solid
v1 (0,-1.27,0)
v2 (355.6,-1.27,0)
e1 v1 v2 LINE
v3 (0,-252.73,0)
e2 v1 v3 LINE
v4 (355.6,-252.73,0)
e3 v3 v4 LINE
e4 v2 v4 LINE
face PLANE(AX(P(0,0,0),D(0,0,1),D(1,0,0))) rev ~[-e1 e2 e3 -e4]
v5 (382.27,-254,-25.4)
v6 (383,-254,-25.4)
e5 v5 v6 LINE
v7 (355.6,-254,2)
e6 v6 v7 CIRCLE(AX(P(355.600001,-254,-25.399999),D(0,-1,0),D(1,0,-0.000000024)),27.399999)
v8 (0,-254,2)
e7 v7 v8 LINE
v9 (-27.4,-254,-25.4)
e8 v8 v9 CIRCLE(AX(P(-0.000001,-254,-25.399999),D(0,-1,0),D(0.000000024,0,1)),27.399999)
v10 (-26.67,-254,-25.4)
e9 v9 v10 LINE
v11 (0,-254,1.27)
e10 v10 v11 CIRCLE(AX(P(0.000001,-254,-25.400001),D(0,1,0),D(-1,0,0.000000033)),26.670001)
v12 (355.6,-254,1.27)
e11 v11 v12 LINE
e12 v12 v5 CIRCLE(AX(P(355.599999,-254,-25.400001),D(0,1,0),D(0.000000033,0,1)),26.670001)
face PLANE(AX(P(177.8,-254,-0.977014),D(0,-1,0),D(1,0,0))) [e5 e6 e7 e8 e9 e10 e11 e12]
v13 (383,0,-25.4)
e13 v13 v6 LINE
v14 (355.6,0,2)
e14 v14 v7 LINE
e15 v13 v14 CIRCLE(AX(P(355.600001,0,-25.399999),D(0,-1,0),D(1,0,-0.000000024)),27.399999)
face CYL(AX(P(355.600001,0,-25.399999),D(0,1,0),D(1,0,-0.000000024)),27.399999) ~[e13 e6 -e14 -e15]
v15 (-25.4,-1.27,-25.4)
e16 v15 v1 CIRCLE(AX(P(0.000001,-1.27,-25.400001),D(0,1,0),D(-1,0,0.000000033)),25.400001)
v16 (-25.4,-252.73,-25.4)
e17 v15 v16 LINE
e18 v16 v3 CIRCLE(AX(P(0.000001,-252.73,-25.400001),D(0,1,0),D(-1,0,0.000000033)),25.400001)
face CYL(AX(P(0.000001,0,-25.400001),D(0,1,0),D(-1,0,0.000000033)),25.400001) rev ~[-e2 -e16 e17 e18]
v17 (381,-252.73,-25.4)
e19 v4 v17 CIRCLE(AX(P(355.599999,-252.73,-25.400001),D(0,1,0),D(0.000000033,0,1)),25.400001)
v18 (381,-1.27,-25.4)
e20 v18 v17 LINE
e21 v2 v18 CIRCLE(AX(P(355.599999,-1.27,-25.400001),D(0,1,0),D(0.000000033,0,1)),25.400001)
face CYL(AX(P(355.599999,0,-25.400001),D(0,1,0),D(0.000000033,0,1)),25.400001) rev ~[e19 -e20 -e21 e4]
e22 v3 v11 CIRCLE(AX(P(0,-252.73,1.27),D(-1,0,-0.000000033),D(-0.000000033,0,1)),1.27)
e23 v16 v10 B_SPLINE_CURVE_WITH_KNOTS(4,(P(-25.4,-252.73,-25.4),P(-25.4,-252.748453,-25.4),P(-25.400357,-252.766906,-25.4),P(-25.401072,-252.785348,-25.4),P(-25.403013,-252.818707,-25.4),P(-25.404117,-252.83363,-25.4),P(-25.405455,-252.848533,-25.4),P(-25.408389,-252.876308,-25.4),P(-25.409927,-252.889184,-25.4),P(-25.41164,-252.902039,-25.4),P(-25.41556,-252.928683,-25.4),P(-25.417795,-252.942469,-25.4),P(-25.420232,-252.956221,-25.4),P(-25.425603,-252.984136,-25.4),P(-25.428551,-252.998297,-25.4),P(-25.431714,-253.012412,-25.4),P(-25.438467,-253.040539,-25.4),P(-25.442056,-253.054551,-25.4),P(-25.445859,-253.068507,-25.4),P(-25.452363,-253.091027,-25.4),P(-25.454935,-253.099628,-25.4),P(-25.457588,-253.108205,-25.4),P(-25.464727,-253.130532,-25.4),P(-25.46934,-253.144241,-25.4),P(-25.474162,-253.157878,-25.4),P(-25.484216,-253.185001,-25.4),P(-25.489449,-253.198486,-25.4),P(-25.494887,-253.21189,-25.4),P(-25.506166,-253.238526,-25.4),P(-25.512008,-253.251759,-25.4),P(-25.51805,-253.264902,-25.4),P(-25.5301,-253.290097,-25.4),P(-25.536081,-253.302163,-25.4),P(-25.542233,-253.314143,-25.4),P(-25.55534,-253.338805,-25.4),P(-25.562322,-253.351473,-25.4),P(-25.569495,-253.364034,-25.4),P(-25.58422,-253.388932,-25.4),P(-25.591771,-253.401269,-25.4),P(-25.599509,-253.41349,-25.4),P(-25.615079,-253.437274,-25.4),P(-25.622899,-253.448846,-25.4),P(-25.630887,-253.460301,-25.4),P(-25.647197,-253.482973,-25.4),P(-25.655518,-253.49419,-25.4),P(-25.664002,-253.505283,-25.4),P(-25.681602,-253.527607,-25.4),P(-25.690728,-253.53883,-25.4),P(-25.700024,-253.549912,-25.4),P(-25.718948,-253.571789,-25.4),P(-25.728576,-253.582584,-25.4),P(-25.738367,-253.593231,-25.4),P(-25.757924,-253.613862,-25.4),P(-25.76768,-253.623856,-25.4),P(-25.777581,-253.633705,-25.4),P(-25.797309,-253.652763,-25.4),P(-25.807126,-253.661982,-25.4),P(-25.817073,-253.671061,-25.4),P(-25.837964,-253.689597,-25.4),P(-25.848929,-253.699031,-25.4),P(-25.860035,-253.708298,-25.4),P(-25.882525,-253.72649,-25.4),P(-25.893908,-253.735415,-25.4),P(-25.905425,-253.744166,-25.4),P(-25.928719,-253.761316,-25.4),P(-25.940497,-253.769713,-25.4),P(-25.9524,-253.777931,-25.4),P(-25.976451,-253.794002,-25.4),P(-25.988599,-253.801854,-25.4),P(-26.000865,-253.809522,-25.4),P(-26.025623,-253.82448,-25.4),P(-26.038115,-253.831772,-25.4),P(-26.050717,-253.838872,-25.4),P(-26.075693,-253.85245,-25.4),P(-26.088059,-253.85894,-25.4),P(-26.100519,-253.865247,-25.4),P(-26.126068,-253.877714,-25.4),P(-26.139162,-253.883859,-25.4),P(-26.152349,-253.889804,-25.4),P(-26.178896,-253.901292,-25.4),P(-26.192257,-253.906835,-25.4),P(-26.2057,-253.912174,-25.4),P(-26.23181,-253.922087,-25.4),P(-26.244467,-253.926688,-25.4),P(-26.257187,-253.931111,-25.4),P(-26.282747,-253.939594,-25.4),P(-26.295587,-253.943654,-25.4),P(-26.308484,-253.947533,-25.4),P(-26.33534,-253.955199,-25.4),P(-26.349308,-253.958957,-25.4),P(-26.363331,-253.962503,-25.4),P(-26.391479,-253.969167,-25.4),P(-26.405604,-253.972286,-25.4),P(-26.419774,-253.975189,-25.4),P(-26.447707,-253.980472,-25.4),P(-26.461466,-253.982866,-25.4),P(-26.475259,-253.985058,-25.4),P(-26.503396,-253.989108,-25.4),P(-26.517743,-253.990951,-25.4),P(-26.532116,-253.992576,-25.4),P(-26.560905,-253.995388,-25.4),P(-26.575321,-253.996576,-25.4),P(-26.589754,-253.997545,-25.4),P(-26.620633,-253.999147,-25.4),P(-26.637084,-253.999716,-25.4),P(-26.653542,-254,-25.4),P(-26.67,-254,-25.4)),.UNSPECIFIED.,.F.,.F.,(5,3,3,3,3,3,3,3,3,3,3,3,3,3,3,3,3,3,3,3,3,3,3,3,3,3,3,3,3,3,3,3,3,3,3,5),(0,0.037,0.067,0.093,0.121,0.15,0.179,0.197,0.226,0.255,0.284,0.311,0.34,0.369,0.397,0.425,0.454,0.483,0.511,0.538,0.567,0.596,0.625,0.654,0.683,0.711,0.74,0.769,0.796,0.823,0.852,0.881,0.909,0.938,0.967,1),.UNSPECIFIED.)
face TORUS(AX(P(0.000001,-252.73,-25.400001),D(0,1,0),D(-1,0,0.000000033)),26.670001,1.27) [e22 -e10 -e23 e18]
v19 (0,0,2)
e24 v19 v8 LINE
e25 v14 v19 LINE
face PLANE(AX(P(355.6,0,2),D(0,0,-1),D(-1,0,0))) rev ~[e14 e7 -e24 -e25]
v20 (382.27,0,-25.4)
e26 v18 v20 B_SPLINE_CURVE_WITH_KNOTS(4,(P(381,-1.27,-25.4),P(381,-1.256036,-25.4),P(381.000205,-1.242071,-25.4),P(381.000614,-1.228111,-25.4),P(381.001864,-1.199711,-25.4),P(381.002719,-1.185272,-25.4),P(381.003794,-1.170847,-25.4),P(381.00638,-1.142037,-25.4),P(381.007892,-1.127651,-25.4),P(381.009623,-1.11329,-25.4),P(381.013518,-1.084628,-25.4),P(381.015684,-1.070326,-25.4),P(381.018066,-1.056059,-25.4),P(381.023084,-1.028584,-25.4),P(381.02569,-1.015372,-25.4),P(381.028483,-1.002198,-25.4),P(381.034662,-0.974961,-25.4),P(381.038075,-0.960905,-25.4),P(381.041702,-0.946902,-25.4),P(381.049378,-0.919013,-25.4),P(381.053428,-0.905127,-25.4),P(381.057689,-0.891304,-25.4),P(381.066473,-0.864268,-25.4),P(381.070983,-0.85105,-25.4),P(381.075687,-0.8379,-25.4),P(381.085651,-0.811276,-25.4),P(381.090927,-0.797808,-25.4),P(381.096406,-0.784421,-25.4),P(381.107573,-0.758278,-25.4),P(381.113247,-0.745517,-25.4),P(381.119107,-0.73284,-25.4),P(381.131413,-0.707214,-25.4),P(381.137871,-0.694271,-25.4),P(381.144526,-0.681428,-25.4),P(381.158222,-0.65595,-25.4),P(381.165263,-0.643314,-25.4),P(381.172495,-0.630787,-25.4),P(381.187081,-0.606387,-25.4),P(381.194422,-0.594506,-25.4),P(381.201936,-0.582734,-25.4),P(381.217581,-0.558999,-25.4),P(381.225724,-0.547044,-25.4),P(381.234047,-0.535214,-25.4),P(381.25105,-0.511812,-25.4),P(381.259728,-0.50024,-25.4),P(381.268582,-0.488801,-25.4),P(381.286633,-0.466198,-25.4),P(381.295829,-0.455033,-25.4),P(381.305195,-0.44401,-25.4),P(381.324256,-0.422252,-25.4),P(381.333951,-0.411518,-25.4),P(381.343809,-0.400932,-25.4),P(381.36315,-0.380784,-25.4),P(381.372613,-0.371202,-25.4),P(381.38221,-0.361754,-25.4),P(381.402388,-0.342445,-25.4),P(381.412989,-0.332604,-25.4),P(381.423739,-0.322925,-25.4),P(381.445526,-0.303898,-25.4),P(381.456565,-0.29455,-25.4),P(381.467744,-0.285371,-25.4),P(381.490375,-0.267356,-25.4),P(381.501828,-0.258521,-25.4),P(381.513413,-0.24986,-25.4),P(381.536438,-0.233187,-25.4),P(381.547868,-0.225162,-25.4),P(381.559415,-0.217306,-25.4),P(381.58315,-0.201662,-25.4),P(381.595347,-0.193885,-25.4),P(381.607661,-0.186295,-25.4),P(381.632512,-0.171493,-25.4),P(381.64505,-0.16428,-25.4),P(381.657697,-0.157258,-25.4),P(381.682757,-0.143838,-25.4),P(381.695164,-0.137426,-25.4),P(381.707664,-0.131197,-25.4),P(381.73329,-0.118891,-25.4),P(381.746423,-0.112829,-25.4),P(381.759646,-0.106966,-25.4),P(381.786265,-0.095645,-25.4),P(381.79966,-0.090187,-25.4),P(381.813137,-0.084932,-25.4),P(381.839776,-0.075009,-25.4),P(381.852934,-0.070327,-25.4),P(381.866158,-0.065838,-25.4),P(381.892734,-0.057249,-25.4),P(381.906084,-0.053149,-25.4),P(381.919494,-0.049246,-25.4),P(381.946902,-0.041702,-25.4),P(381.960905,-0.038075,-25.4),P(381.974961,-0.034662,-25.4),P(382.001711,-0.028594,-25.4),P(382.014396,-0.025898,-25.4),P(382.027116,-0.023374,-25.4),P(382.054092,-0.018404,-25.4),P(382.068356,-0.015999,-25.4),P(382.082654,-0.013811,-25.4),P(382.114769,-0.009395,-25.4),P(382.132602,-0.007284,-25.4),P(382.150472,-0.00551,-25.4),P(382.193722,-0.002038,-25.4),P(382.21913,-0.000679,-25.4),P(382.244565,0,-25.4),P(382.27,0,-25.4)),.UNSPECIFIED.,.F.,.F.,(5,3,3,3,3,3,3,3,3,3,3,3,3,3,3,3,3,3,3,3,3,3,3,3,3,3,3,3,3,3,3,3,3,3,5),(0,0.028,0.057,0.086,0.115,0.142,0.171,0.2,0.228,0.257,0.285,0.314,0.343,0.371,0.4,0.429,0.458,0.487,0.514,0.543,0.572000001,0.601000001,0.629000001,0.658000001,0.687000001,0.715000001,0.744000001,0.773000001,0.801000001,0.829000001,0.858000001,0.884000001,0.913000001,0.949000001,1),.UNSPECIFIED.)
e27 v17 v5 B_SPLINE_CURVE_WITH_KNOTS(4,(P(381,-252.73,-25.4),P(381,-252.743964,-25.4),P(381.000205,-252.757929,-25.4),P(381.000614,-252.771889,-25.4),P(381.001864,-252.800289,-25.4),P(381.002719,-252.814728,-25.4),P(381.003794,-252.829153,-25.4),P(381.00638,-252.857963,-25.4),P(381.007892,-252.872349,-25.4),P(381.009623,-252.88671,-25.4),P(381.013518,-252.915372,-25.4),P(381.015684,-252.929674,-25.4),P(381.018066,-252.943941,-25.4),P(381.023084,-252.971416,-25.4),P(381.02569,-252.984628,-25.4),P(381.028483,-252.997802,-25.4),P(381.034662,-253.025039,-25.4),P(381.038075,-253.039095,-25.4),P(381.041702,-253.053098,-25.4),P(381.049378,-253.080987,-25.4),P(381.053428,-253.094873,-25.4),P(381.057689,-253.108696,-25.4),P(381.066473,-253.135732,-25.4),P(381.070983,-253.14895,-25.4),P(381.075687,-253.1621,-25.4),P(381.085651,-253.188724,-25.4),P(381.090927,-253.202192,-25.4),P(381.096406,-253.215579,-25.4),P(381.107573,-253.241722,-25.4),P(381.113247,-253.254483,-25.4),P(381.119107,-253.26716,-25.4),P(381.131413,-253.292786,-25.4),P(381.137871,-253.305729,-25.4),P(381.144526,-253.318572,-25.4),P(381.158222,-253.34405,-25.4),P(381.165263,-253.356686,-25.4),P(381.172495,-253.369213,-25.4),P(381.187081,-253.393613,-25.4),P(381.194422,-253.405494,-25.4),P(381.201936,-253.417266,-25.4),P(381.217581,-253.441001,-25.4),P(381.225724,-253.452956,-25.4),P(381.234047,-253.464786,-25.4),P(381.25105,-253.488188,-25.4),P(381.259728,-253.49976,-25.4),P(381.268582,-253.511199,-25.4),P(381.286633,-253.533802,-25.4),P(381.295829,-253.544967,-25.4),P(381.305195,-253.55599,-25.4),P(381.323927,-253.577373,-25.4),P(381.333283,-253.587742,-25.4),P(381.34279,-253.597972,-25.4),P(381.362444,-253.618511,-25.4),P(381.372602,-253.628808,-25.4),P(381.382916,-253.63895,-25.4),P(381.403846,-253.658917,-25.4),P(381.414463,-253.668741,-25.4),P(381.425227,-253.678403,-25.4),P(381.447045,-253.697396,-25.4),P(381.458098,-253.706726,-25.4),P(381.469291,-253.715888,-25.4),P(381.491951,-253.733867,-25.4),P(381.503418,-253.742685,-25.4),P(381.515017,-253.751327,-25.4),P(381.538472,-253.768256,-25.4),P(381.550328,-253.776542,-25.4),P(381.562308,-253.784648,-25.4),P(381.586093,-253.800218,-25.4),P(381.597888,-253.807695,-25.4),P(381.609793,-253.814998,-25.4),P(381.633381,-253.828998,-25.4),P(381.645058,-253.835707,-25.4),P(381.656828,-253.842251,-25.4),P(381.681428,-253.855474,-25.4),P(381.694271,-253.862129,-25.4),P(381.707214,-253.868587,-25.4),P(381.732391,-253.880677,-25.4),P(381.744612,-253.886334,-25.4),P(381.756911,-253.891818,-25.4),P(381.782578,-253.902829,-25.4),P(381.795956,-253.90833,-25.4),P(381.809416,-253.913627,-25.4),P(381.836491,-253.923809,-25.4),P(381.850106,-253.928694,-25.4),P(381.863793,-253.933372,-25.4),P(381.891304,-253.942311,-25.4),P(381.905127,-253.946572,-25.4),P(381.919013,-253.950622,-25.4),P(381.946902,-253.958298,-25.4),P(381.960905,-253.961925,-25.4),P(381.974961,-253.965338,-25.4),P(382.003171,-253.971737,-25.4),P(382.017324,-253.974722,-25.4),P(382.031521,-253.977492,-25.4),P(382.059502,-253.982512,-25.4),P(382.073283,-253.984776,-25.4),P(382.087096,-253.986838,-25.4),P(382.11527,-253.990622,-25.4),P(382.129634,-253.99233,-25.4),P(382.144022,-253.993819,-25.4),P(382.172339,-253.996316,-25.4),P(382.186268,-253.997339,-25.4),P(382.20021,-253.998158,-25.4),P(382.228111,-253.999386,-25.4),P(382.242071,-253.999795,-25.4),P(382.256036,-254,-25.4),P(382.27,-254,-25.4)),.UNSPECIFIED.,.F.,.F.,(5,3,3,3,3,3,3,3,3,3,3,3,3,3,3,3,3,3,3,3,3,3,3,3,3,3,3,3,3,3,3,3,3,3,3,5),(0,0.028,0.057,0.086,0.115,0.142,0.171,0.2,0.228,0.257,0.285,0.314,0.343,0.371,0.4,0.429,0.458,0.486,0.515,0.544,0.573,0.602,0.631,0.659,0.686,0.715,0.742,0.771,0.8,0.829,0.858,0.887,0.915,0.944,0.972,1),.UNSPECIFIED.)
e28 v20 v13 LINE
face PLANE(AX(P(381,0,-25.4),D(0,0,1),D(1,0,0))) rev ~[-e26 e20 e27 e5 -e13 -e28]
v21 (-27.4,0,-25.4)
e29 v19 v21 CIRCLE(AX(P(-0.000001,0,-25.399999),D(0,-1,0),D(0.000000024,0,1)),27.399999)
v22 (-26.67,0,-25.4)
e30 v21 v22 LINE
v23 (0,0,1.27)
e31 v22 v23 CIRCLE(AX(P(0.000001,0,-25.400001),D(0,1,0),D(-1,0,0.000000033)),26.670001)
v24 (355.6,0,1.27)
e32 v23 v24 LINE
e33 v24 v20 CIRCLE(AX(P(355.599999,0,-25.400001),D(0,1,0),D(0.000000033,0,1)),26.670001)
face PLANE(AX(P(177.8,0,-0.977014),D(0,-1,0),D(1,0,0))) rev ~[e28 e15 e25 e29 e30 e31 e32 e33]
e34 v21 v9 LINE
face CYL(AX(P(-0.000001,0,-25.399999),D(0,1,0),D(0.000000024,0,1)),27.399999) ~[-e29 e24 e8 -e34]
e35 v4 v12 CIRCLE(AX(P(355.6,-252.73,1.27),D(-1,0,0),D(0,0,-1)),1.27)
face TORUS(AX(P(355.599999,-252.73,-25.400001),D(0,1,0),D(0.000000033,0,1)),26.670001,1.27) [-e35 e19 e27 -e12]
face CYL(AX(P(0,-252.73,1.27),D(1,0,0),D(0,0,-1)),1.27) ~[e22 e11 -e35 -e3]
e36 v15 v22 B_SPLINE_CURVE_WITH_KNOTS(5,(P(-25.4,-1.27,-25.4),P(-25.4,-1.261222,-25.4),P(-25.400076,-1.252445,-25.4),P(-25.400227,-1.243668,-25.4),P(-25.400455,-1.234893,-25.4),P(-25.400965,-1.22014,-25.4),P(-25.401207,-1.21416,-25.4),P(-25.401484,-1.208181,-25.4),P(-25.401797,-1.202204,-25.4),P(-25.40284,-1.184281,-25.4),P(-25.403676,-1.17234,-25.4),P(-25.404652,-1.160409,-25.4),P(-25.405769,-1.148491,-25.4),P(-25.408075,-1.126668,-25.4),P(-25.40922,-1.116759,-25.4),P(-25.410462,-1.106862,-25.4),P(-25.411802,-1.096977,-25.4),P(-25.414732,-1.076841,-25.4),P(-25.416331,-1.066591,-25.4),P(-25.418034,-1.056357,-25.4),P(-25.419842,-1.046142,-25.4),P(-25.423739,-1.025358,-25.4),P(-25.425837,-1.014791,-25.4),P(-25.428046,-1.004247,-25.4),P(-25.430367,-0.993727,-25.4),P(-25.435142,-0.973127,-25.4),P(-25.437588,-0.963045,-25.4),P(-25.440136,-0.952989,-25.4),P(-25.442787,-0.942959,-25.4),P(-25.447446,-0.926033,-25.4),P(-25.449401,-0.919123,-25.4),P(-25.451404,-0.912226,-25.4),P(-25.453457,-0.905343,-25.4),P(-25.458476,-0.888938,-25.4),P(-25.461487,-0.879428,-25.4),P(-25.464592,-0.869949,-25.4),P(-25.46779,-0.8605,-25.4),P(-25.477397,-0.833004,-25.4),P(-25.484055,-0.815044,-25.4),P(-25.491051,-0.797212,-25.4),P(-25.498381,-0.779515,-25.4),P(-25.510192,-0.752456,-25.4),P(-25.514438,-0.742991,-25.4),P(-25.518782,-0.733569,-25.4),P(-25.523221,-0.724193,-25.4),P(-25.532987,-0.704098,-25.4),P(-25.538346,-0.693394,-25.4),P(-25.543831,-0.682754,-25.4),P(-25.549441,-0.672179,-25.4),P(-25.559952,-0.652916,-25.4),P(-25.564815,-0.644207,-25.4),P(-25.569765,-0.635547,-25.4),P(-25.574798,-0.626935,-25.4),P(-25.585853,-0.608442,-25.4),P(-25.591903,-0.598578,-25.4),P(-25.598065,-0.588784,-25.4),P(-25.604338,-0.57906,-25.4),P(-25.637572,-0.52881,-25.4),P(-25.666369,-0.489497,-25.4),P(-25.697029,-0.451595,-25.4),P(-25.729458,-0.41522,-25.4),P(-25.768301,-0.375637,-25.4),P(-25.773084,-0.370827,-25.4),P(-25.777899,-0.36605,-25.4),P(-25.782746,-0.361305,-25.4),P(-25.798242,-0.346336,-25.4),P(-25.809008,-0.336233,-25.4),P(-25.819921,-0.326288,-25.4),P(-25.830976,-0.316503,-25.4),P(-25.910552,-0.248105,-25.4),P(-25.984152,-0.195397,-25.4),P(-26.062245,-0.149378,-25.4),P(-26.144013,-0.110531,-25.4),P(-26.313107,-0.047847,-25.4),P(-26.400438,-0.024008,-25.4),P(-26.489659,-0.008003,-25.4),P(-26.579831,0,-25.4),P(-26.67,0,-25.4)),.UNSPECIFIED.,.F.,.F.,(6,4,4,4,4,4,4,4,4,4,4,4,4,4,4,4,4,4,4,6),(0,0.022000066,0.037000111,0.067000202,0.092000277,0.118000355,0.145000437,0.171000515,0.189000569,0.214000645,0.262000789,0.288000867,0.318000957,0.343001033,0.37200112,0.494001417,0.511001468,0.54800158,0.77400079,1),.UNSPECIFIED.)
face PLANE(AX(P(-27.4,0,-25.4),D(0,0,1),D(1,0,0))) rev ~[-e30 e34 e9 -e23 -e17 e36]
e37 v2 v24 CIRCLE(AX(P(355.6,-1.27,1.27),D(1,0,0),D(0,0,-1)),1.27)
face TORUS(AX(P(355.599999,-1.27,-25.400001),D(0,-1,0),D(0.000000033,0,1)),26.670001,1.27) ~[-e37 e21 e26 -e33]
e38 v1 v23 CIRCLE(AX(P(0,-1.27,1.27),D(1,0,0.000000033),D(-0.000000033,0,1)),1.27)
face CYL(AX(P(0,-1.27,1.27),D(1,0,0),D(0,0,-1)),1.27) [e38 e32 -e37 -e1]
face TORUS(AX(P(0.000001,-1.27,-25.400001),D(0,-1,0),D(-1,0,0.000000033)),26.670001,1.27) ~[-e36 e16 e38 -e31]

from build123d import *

# Parameters (mm, degrees)
F1_DEPTH = 254
F2_R     = 1.27


with BuildPart() as f1:
    # F0 (on Front) → F1 (new body)
    with BuildSketch(Plane.XZ):
        with BuildLine():
            ThreePointArc((-25.4, -25.4), (-17.960512, -7.439488), (0, 0))
            Line((0, 0), (355.6, 0))
            ThreePointArc((355.6, 0), (373.560512, -7.439488), (381, -25.4))
            Line((381, -25.4), (383, -25.4))
            ThreePointArc((383, -25.4), (374.974726, -6.025274), (355.6, 2))
            Line((355.6, 2), (0, 2))
            ThreePointArc((0, 2), (-19.374726, -6.025274), (-27.4, -25.4))
            Line((-27.4, -25.4), (-25.4, -25.4))
        make_face()
    extrude(amount=F1_DEPTH)

    # F2
    f2_edges = [f1.edges().sort_by_distance(p)[0] for p in [
        (177.8, -254, 0),
        (177.8, 0, 0),
    ]]
    fillet(f2_edges, radius=F2_R)


solid = f1.part
